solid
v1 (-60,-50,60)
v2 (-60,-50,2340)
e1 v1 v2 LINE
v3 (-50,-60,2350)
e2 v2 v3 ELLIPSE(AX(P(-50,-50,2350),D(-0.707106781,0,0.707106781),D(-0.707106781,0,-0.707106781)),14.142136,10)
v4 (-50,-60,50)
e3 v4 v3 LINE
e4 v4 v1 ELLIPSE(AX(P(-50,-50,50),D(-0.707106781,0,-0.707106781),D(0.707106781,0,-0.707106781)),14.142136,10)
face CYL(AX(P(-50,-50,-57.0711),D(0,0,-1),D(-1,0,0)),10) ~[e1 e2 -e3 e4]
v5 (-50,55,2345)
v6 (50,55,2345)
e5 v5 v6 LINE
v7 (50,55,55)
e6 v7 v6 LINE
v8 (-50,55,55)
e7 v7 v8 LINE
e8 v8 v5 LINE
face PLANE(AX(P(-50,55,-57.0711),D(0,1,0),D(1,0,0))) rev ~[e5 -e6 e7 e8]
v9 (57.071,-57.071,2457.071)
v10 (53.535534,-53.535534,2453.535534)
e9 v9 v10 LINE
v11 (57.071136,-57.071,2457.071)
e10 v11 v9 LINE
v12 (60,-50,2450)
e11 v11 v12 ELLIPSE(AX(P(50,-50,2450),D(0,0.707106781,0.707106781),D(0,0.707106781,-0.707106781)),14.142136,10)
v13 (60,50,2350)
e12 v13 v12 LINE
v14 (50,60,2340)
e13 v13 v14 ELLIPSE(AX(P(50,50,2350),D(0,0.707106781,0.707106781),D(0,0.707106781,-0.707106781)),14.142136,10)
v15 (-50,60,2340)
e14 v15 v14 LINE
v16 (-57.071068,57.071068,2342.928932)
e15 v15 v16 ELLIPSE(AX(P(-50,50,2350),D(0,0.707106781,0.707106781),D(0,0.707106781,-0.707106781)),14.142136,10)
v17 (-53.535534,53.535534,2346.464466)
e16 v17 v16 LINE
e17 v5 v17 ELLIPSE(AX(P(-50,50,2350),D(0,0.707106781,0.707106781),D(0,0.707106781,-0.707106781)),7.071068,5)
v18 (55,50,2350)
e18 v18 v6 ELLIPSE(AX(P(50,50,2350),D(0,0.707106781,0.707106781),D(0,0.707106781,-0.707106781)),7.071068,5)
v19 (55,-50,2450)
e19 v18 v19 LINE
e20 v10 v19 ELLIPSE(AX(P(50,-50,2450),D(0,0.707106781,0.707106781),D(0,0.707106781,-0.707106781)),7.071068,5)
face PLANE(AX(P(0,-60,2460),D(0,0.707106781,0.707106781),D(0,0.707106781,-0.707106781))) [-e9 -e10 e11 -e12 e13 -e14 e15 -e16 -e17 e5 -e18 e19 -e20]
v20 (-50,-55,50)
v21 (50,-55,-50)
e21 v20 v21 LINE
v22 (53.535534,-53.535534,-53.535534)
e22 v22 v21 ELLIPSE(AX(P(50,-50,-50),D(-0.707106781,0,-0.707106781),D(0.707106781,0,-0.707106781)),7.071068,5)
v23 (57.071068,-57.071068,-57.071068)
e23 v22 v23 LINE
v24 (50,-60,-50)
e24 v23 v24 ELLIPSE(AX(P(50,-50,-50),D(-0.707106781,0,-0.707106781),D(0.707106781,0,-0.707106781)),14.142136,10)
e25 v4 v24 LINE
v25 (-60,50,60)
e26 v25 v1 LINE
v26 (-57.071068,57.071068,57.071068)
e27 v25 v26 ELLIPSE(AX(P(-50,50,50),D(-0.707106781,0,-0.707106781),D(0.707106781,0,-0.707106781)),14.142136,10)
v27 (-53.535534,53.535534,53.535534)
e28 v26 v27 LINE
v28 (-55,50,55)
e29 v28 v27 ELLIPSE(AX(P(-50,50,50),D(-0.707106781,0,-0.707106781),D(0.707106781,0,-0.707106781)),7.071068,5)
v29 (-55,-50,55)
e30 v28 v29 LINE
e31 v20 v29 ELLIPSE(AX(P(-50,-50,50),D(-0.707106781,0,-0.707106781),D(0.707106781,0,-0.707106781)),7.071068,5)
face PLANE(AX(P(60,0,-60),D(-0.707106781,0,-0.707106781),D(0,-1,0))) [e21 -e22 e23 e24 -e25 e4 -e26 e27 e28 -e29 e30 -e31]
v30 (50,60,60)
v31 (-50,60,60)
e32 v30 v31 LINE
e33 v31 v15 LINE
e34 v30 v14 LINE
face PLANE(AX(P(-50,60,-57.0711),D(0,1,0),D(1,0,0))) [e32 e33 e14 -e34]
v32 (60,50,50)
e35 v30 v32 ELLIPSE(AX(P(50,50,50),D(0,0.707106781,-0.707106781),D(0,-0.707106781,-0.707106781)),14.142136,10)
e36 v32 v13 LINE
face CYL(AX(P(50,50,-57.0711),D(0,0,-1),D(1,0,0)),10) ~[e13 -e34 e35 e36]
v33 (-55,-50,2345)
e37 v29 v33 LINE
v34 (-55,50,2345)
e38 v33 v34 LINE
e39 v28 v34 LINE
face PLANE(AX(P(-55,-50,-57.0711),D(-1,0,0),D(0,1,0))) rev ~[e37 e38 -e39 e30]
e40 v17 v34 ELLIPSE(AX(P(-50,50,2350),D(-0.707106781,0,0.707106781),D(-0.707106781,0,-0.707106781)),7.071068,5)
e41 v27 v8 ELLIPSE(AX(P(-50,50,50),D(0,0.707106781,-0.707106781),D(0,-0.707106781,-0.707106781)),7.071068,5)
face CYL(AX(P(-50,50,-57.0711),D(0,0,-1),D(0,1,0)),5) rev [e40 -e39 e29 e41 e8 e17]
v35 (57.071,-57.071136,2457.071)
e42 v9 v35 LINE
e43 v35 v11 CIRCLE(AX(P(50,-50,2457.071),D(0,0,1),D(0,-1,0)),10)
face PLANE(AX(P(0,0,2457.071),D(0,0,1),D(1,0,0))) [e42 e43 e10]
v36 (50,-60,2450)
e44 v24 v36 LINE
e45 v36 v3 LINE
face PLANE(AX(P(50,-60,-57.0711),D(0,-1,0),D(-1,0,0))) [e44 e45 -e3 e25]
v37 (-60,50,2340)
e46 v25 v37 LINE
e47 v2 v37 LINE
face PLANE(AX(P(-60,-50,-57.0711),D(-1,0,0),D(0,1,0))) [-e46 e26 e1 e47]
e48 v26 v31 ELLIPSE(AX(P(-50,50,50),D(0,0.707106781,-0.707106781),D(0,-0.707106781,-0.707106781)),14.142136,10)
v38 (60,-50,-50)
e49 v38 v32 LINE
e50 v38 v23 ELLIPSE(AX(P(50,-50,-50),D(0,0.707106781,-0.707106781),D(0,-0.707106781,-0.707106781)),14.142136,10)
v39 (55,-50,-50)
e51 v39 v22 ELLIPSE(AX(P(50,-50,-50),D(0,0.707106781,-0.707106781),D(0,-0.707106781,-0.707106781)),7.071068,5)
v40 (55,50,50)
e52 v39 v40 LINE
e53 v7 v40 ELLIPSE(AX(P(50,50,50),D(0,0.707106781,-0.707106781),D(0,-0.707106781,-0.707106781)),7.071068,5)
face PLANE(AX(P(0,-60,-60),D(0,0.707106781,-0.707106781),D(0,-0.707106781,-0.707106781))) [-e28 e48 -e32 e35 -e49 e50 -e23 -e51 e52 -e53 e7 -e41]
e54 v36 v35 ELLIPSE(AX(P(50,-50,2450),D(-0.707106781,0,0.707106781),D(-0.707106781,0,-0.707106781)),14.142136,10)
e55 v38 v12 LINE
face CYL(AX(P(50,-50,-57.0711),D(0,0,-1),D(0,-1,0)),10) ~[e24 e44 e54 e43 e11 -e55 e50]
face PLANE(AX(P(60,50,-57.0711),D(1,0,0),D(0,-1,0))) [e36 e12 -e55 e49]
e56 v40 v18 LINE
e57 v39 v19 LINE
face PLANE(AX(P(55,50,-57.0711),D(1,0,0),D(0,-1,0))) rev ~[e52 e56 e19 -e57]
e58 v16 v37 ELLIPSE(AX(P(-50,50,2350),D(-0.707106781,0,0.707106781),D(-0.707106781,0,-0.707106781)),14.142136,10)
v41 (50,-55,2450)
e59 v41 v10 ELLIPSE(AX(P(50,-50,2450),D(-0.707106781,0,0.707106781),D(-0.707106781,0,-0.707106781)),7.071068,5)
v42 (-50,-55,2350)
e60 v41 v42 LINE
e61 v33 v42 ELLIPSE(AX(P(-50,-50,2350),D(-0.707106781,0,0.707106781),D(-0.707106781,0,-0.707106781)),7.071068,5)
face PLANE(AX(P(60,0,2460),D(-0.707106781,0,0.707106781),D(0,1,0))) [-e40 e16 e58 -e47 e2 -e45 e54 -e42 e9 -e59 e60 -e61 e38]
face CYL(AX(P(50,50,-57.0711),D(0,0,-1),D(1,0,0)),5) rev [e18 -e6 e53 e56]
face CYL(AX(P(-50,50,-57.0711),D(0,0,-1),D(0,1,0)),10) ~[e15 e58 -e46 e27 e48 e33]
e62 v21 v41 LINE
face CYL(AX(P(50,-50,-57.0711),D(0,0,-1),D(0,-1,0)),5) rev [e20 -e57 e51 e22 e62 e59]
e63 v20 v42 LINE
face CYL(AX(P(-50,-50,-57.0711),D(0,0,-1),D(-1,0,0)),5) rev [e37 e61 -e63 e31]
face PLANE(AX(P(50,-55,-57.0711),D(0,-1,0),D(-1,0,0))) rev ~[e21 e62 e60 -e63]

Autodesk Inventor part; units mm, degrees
ref_plane "Start Plane" through (0, 0, -57.0711) normal (0, 0, 1) x (1, 0, 0)
ref_plane "End Plane" through (0, 0, 2457.0711) normal (0, 0, 1) x (1, 0, 0)
sketch "Sketch" plane through (0, 0, 0) normal (0, 0, 1) x (1, 0, 0)
  line L0 (-60, -50) -> (-60, 50)
  line L1 (-50, 60) -> (50, 60)
  line L2 (60, 50) -> (60, -50)
  line L3 (50, -60) -> (-50, -60)
  arc A0 (-60, -50) -> (-50, -60) centre (-50, -50) ccw
  arc A1 (60, 50) -> (50, 60) centre (50, 50) ccw
  arc A2 (-50, 60) -> (-60, 50) centre (-50, 50) ccw
  arc A3 (50, -60) -> (60, -50) centre (50, -50) ccw
  arc A4 (-50, 55) -> (-55, 50) centre (-50, 50) ccw
  line L4 (-50, 55) -> (50, 55)
  arc A5 (55, 50) -> (50, 55) centre (50, 50) ccw
  line L5 (55, 50) -> (55, -50)
  arc A6 (50, -55) -> (55, -50) centre (50, -50) ccw
  line L6 (50, -55) -> (-50, -55)
  arc A7 (-55, -50) -> (-50, -55) centre (-50, -50) ccw
  line L7 (-55, -50) -> (-55, 50)
  line L8 (0, 86.8995) -> (0, -86.8995) construction
  line L9 (-86.8995, 0) -> (86.8995, 0) construction
  dimension "d7" = 10
  dimension "d9" = 120
  dimension "d11" = 120
  dimension "d12" = 5
  dimension "d15" = 60
  dimension "d16" = 60
extrude "Body" add sketch "Sketch" along normal up to surface (2514.1421 mm away) from surface at -57.0711
sketch "Sketch3" plane through (0, 0, 0) normal (0, 0, 1) x (1, 0, 0)
  line L0 (0, 0) -> (10, 0)
ref_plane "Work Plane3" through (0, 0, 0) normal (0, -1, 0) x (1, 0, 0)
ref_plane "Work Plane4" through (60, 0, 2460) normal (-0.7071, 0, 0.7071) x (0.7071, 0, 0.7071)
split "Split1" plane through (60, 0, 2460) removes the side toward (-0.7071, 0, 0.7071)
ref_plane "Work Plane5" through (0, -60, 2460) normal (0, 0.7071, 0.7071) x (1, 0, 0)
split "Split2" plane through (0, -60, 2460) removes the side toward (0, 0.7071, 0.7071)
ref_plane "Work Plane6" through (60, 0, -60) normal (-0.7071, 0, -0.7071) x (-0.7071, 0, 0.7071)
split "Split3" plane through (60, 0, -60) removes the side toward (-0.7071, 0, -0.7071)
ref_plane "Work Plane7" through (0, -60, -60) normal (0, 0.7071, -0.7071) x (1, 0, 0)
split "Split4" plane through (0, -60, -60) removes the side toward (0, 0.7071, -0.7071)
sketch "Sketch4" plane through (0, 0, 0) normal (0, -1, 0) x (1, 0, 0)
  line L0 (-2, -57.0711) -> (12, -57.0711) projected
  line L1 (-2, 2457.0711) -> (12, 2457.0711) projected
  dimension "d18" = 2514.1421
equation "\"d7\" = G_IR"
equation "\"d9\" = G_W"
equation "\"d11\" = G_H"
equation "\"d12\" = G_T"
equation "\"d15\" = 0.5 * d9"
equation "\"d16\" = 0.5 * d11"
equation "\"d3\" = G_L"
equation "\"G_W\" = 120"
equation "\"G_H\" = 120"
equation "\"G_T\" = 5"
equation "\"G_IR\" = 10"
equation "\"G_L\" = d18"
equation "\"G_OFFSET_START\" = 57.07107"
equation "\"G_OFFSET_END\" = 57.07107"
equation "\"d13\" = -G_OFFSET_START"
equation "\"d14\" = G_OFFSET_END + B_L"
equation "\"B_L\" = 2400"
properties part number "ISO 10799-2 - 120x120x5 - 2514,14" material "Steel, Mild"
